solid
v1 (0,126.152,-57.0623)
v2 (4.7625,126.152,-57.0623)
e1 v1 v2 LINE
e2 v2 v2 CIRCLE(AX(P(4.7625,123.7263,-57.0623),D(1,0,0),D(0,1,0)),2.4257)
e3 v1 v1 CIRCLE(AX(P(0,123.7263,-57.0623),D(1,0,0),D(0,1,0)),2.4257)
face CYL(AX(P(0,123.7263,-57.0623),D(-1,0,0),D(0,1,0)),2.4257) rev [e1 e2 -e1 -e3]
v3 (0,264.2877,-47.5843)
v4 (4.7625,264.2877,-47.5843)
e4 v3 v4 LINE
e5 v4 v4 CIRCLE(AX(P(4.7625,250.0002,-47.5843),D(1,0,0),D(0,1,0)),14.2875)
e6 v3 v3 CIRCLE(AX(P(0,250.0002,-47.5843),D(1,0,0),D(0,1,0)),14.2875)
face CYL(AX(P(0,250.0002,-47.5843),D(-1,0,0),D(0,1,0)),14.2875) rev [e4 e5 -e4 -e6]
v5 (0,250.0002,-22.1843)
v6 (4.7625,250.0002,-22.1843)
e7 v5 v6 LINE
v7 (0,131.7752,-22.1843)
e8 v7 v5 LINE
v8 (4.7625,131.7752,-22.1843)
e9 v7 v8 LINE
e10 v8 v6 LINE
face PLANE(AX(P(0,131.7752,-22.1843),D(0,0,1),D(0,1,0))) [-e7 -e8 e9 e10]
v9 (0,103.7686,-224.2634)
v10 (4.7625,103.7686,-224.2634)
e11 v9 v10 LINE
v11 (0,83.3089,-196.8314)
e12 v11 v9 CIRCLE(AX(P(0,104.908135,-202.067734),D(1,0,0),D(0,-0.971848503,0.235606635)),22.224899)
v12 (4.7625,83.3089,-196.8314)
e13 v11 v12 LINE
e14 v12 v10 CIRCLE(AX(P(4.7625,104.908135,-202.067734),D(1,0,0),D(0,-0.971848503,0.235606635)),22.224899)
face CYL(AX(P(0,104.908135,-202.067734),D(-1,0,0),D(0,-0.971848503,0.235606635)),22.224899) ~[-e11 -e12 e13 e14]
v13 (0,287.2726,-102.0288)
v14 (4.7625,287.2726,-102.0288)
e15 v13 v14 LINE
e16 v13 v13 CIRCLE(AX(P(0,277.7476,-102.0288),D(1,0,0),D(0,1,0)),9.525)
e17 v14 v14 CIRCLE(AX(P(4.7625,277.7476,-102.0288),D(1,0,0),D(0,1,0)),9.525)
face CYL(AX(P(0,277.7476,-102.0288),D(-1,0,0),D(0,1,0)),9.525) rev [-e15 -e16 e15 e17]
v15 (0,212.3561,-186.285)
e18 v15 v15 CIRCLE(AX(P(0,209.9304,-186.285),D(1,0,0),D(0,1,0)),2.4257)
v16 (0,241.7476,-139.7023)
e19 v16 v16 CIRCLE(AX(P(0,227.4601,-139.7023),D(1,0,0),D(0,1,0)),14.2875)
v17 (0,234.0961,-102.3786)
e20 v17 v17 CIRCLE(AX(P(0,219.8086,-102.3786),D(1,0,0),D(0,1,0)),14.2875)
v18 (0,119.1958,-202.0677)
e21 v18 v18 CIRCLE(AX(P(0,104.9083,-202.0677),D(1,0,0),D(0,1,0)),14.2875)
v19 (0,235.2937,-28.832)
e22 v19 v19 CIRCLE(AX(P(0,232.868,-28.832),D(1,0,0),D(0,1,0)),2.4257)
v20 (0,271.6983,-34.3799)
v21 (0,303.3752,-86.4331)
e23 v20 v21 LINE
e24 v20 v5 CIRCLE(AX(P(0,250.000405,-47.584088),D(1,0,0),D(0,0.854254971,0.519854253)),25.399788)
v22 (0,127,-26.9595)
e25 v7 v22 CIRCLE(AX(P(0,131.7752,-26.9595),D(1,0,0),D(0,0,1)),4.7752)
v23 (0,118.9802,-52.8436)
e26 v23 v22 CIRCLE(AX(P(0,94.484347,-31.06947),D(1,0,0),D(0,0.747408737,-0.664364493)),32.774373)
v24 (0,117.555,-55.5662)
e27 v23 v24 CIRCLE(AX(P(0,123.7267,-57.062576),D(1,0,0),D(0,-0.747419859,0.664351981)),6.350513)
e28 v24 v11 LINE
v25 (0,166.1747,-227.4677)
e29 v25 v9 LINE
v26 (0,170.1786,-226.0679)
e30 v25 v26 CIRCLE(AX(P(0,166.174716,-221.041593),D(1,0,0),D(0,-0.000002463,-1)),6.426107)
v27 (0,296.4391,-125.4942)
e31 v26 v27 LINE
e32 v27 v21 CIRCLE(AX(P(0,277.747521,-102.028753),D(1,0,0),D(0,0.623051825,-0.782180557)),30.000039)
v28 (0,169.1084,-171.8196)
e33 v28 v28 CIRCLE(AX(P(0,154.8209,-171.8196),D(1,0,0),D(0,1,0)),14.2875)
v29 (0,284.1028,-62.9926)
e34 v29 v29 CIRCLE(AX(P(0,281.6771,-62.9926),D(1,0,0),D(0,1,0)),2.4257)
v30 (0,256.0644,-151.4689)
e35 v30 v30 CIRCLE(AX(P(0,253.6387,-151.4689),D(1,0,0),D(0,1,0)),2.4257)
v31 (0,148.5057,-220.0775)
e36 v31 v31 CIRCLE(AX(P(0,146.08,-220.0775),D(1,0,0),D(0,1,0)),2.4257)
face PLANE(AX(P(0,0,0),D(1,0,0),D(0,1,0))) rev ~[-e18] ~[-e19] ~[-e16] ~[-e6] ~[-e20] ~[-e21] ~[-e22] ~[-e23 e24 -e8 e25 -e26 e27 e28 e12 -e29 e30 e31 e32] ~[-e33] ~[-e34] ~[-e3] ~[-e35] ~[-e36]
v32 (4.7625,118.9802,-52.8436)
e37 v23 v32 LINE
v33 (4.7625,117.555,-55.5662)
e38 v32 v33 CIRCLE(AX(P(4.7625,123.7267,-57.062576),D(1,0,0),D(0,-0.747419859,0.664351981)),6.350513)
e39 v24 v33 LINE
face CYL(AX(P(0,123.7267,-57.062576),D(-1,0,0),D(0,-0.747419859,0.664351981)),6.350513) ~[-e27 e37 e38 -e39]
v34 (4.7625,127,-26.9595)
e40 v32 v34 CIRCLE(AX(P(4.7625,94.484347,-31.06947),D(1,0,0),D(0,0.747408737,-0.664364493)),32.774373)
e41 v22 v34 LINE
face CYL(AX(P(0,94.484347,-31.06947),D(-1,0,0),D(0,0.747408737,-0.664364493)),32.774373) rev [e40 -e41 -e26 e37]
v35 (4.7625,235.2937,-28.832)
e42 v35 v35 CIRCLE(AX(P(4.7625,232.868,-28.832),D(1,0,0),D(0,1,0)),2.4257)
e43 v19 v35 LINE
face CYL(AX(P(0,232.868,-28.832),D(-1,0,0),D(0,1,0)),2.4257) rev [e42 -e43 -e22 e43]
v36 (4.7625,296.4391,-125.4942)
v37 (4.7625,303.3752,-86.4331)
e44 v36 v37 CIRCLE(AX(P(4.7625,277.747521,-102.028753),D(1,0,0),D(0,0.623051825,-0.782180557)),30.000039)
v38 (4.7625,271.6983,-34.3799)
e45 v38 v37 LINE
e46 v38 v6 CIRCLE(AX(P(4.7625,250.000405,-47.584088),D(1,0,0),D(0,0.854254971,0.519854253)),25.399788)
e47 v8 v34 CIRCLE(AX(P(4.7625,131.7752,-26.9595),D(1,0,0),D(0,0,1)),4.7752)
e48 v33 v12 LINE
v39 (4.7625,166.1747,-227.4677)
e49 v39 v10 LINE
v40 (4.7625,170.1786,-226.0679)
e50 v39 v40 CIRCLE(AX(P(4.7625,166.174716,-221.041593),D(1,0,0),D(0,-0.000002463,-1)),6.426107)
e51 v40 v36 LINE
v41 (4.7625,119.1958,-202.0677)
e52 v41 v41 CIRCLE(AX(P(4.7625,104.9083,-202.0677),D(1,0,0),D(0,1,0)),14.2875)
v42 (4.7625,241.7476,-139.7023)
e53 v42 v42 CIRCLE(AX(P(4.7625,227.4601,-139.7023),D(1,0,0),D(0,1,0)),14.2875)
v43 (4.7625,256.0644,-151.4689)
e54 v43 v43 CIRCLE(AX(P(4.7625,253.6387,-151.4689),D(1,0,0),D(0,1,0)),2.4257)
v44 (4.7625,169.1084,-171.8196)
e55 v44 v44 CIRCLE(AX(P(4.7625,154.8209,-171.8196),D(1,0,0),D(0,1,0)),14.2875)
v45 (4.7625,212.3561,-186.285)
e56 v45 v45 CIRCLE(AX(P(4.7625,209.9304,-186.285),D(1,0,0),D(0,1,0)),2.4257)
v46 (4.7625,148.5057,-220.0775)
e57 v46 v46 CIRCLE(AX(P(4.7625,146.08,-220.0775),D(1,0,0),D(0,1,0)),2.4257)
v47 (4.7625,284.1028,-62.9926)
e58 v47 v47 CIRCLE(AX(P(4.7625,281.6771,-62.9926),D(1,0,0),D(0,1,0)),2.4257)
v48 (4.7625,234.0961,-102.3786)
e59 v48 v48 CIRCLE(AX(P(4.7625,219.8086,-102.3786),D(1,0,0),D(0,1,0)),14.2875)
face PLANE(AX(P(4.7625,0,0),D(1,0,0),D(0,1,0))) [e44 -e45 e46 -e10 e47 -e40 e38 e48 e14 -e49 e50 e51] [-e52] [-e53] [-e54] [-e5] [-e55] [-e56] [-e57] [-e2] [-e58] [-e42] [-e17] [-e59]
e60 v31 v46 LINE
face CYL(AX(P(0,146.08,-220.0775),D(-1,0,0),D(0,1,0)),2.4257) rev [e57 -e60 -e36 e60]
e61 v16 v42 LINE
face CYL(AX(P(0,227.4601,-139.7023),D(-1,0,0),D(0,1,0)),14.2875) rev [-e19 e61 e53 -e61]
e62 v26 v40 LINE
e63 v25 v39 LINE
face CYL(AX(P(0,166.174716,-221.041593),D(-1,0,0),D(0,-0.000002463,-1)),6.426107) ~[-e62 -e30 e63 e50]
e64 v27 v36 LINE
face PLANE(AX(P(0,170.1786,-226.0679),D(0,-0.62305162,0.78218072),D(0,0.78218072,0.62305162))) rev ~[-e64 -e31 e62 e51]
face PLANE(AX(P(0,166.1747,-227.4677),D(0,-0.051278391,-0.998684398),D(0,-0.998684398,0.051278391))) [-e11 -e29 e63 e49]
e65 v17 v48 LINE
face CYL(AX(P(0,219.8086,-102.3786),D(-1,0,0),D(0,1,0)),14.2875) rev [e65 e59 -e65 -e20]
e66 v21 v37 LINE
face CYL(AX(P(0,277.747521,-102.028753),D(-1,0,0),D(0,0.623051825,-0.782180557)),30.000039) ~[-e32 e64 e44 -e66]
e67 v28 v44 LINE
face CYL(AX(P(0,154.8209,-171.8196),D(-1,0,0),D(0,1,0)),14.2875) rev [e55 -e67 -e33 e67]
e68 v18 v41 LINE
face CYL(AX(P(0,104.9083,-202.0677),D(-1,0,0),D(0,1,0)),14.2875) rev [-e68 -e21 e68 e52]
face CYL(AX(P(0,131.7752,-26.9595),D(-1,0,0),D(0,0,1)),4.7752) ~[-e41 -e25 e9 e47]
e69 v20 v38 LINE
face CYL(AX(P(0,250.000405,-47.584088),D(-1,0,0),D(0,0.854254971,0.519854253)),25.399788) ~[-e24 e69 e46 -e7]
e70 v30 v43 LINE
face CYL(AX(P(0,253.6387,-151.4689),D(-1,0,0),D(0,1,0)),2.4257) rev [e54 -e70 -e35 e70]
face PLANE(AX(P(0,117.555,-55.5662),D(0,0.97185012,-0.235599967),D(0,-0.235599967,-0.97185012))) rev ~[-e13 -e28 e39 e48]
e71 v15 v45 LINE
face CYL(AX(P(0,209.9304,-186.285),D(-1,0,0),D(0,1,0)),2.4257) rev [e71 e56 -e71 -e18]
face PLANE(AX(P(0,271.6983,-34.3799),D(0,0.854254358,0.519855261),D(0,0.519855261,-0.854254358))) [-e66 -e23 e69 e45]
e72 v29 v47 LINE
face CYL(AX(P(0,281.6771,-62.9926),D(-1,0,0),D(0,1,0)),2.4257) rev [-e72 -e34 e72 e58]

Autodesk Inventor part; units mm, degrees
ref_plane "YZ Plane" through (0, 0, 0) normal (1, 0, 0) x (0, 1, 0)
ref_plane "XZ Plane" through (0, 0, 0) normal (0, 1, 0) x (-1, 0, 0)
ref_plane "XY Plane" through (0, 0, 0) normal (0, 0, 1) x (1, 0, 0)
sketch "Sketch1" plane through (0, 0, 0) normal (1, 0, 0) x (0, 1, 0)
  line L0 (95.25, -63.5) -> (7.9502, -63.5) construction
  arc A0 (95.25, -63.5) -> (127, -31.75) centre (95.25, -31.75) ccw construction
  circle A1 centre (104.9083, -202.0677) radius 25.4 construction
  circle A2 centre (104.9083, -202.0677) radius 14.2875
  circle A3 centre (154.8209, -171.8196) radius 25.4 construction
  circle A4 centre (154.8209, -171.8196) radius 14.2875
  circle A5 centre (250.0002, -47.5843) radius 22.225 construction
  circle A6 centre (250.0002, -47.5843) radius 25.4 construction
  circle A7 centre (250.0002, -47.5843) radius 14.2875
  circle A8 centre (154.8209, -171.8196) radius 22.225 construction
  circle A9 centre (104.9083, -202.0677) radius 22.225 construction
  circle A10 centre (25.4, -99.06) radius 25.4 construction
  circle A11 centre (25.4, -99.06) radius 23.8125 construction
  line L1 (25.4, -73.66) -> (25.4, -63.5) construction
  circle A12 centre (219.8086, -102.3786) radius 25.4 construction
  circle A13 centre (219.8086, -102.3786) radius 22.225 construction
  circle A14 centre (219.8086, -102.3786) radius 14.2875
  circle A15 centre (63.172, -79.375) radius 6.477 construction
  circle A16 centre (25.4, -99.06) radius 14.2875
  circle A17 centre (63.172, -79.375) radius 3.2512 construction
  circle A18 centre (166.1747, -221.0415) radius 3.2512 construction
  line L2 (219.8086, -102.3786) -> (154.8209, -171.8196) construction
  line L3 (154.8209, -171.8196) -> (104.9083, -202.0677) construction
  circle A19 centre (166.1747, -221.0415) radius 6.4262 construction
  circle A20 centre (63.172, -79.375) radius 6.35 construction
  circle A21 centre (25.4, -99.06) radius 22.225 construction
  line L4 (3.175, -99.06) -> (3.175, -68.2752) construction
  arc A22 (166.1747, -227.4677) -> (170.1786, -226.0679) centre (166.1747, -221.0415) ccw
  arc A23 (3.175, -99.06) -> (35.6756, -118.7669) centre (25.4, -99.06) ccw construction
  arc A24 (7.9502, -63.5) -> (3.175, -68.2752) centre (7.9502, -68.2752) ccw construction
  line L5 (232.868, -28.832) -> (267.1324, -66.3365) construction
  circle A25 centre (232.868, -28.832) radius 2.4257
  circle A26 centre (267.1324, -66.3365) radius 2.4257 construction
  circle A27 centre (232.868, -28.832) radius 6.35 construction
  circle A28 centre (267.1324, -66.3365) radius 6.35 construction
  line L6 (219.8086, -102.3786) -> (237.1646, -83.8332) construction
  line L7 (219.8086, -102.3786) -> (202.4526, -120.9239) construction
  circle A29 centre (237.1646, -83.8332) radius 2.4257 construction
  circle A30 centre (202.4526, -120.9239) radius 2.4257 construction
  circle A31 centre (172.1769, -153.2743) radius 2.4257 construction
  circle A32 centre (133.0985, -184.9838) radius 2.4257 construction
  arc A33 (83.3089, -196.8314) -> (103.7686, -224.2634) centre (104.9083, -202.0677) ccw
  circle A34 centre (9.525, -79.2321) radius 2.4257
  circle A35 centre (9.525, -79.2321) radius 6.35 construction
  line L8 (9.525, -79.2321) -> (41.275, -118.8879) construction
  circle A36 centre (41.275, -118.8879) radius 2.4257 construction
  circle A37 centre (41.275, -118.8879) radius 5.6007 construction
  line L9 (7.9502, -63.5) -> (95.25, -63.5) construction
  arc A38 (95.25, -63.5) -> (127, -31.75) centre (95.25, -31.75) ccw construction
  line L10 (166.1747, -227.4677) -> (103.7686, -224.2634)
  line L11 (104.9083, -202.0677) -> (83.1859, -215.2319) construction
  line L12 (127, -31.75) -> (127, -26.9595) construction
  circle A39 centre (133.0985, -184.9838) radius 5.6007 construction
  circle A40 centre (277.7476, -102.0288) radius 30 construction
  circle A41 centre (277.7476, -102.0288) radius 25.4 construction
  circle A42 centre (277.7476, -102.0288) radius 9.525
  circle A43 centre (219.8086, -102.3786) radius 19.05 construction
  circle A44 centre (227.4601, -139.7023) radius 19.05 construction
  circle A45 centre (227.4601, -139.7023) radius 14.2875
  line L13 (247.7482, -102.2099) -> (245.2082, -102.2252) construction
  line L14 (170.1786, -226.0679) -> (296.4391, -125.4942)
  arc A46 (296.4391, -125.4942) -> (303.3752, -86.4331) centre (277.7476, -102.0288) ccw
  circle A47 centre (219.8086, -102.3786) radius 30.48 construction
  circle A48 centre (277.7476, -102.0288) radius 30.48 construction
  circle A49 centre (248.6408, -79.4624) radius 3.81 construction
  line L15 (251.6519, -81.7968) -> (253.6592, -83.3531) construction
  line L16 (245.6582, -81.833) -> (243.6698, -83.4134) construction
  circle A50 centre (248.6408, -79.4624) radius 2.3812 construction
  circle A51 centre (248.9154, -124.945) radius 3.81 construction
  circle A52 centre (248.9154, -124.945) radius 2.3876 construction
  line L17 (251.898, -122.5744) -> (253.8865, -120.9939) construction
  line L18 (245.9043, -122.6105) -> (243.897, -121.0542) construction
  line L19 (248.6408, -75.6524) -> (248.6408, -72.9479) construction
  line L20 (219.8086, -102.3786) -> (219.8086, -88.0911) construction
  line L21 (131.7752, -22.1843) -> (250.0002, -22.1843)
  line L22 (271.6983, -34.3799) -> (303.3752, -86.4331)
  arc A53 (271.6983, -34.3799) -> (250.0002, -22.1843) centre (250.0002, -47.5843) ccw
  arc A54 (131.7752, -22.1843) -> (127, -26.9595) centre (131.7752, -26.9595) ccw
  circle A55 centre (146.08, -220.0775) radius 6.35 construction
  circle A56 centre (146.08, -220.0775) radius 2.4257
  circle A57 centre (253.6387, -151.4689) radius 6.35 construction
  circle A58 centre (253.6387, -151.4689) radius 2.4257
  circle A59 centre (209.9304, -186.285) radius 6.35 construction
  circle A60 centre (209.9304, -186.285) radius 2.4257
  circle A61 centre (123.7263, -57.0623) radius 6.35 construction
  circle A62 centre (123.7263, -57.0623) radius 2.4257
  circle A63 centre (281.6771, -62.9926) radius 6.35 construction
  circle A64 centre (281.6771, -62.9926) radius 2.4257
  line L23 (123.7263, -57.0623) -> (232.868, -28.832) construction
  line L24 (232.868, -28.832) -> (281.6771, -62.9926) construction
  line L25 (281.6771, -62.9926) -> (253.6387, -151.4689) construction
  line L26 (253.6387, -151.4689) -> (209.9304, -186.285) construction
  line L27 (209.9304, -186.285) -> (146.08, -220.0775) construction
  line L28 (146.08, -220.0775) -> (9.525, -79.2321) construction
  line L29 (123.7263, -57.0623) -> (9.525, -79.2321) construction
  line L30 (117.555, -55.5662) -> (83.3089, -196.8314)
  arc A65 (118.9802, -52.8436) -> (127, -26.9595) centre (94.4844, -31.0695) ccw
  arc A66 (118.9802, -52.8436) -> (117.555, -55.5662) centre (123.7263, -57.0623) ccw
  point P0 (180.2209, -171.8196)
  point P1 (172.6009, -221.0415)
  point P2 (104.9083, -227.4677)
  point P3 (127, -22.1843)
  point P4 (250.0002, -47.5843)
  point P5 (0, 0)
  point P6 (95.25, -63.5)
  dimension "d4" = 31.75
  dimension "d17" = 50.8
  dimension "d18" = 1.5875
  dimension "d21" = 12.954
  dimension "d22" = 28.575
  dimension "d23" = 6.5024
  dimension "d26" = 130.175
  dimension "d27" = 15.875
  dimension "d28" = 6.5024
  dimension "d29" = 143.1895
  dimension "d41" = 3.175
  dimension "d42" = 12.7
  dimension "d43" = 10.16
  dimension "d44" = 50.8
  dimension "d45" = 3.175
  dimension "d46" = 44.45
  dimension "d53" = 3.175
  dimension "d55" = 4.7752
  dimension "d59" = 4.8514
  dimension "d60" = 4.8514
  dimension "d68" = 4.8514
  dimension "d69" = 4.8514
  dimension "d70" = 4.8514
  dimension "d71" = 4.8514
  dimension "d72" = 4.8514
  dimension "d74" = 4.8514
  dimension "d75" = 3.175
  dimension "d86" = 7.62
  dimension "d88" = 3.175
  dimension "d90" = 58.3628
  dimension "d92" = 60
  dimension "d93" = 50.8
  dimension "d96" = 19.05
  dimension "d97" = 38.1
  dimension "d98" = 38.1
  dimension "d99" = 28.575
  dimension "d100" = 56.9248
  dimension "d101" = 2.54
  dimension "d102" = 60.96
  dimension "d103" = 60.96
  dimension "d104" = 7.62
  dimension "d105" = 2.54
  dimension "d106" = 4.7625
  dimension "d107" = 7.62
  dimension "d108" = 4.7752
  dimension "d109" = 2.54
  dimension "d111" = 2.7045
  dimension "d112" = 38.682
  dimension "d113" = 7.6515
  dimension "d114" = 202.0601
  dimension "d115" = 40.6423
  dimension "d116" = 37.3238
  dimension "d117" = 95.1077
  dimension "d118" = 57.939
  dimension "d119" = 62.8341
  dimension "d120" = 61.1075
  dimension "d121" = 250.0002
  dimension "d122" = 99.06
  dimension "d123" = 25.4
  dimension "d125" = 127
  dimension "d128" = 130.1236
  dimension "d129" = 232.868
  dimension "d130" = 4.7752
  dimension "d131" = 22.1843
extrude "Extrusion2" add sketch "Sketch1" along normal blind 4.7625 contours L10 A33 L30 A66 A65 A54 L21 A53 L22 A46 L14 A22
properties part number "INTK_001_PulleyCover" material "Polycarbonate, Clear"
